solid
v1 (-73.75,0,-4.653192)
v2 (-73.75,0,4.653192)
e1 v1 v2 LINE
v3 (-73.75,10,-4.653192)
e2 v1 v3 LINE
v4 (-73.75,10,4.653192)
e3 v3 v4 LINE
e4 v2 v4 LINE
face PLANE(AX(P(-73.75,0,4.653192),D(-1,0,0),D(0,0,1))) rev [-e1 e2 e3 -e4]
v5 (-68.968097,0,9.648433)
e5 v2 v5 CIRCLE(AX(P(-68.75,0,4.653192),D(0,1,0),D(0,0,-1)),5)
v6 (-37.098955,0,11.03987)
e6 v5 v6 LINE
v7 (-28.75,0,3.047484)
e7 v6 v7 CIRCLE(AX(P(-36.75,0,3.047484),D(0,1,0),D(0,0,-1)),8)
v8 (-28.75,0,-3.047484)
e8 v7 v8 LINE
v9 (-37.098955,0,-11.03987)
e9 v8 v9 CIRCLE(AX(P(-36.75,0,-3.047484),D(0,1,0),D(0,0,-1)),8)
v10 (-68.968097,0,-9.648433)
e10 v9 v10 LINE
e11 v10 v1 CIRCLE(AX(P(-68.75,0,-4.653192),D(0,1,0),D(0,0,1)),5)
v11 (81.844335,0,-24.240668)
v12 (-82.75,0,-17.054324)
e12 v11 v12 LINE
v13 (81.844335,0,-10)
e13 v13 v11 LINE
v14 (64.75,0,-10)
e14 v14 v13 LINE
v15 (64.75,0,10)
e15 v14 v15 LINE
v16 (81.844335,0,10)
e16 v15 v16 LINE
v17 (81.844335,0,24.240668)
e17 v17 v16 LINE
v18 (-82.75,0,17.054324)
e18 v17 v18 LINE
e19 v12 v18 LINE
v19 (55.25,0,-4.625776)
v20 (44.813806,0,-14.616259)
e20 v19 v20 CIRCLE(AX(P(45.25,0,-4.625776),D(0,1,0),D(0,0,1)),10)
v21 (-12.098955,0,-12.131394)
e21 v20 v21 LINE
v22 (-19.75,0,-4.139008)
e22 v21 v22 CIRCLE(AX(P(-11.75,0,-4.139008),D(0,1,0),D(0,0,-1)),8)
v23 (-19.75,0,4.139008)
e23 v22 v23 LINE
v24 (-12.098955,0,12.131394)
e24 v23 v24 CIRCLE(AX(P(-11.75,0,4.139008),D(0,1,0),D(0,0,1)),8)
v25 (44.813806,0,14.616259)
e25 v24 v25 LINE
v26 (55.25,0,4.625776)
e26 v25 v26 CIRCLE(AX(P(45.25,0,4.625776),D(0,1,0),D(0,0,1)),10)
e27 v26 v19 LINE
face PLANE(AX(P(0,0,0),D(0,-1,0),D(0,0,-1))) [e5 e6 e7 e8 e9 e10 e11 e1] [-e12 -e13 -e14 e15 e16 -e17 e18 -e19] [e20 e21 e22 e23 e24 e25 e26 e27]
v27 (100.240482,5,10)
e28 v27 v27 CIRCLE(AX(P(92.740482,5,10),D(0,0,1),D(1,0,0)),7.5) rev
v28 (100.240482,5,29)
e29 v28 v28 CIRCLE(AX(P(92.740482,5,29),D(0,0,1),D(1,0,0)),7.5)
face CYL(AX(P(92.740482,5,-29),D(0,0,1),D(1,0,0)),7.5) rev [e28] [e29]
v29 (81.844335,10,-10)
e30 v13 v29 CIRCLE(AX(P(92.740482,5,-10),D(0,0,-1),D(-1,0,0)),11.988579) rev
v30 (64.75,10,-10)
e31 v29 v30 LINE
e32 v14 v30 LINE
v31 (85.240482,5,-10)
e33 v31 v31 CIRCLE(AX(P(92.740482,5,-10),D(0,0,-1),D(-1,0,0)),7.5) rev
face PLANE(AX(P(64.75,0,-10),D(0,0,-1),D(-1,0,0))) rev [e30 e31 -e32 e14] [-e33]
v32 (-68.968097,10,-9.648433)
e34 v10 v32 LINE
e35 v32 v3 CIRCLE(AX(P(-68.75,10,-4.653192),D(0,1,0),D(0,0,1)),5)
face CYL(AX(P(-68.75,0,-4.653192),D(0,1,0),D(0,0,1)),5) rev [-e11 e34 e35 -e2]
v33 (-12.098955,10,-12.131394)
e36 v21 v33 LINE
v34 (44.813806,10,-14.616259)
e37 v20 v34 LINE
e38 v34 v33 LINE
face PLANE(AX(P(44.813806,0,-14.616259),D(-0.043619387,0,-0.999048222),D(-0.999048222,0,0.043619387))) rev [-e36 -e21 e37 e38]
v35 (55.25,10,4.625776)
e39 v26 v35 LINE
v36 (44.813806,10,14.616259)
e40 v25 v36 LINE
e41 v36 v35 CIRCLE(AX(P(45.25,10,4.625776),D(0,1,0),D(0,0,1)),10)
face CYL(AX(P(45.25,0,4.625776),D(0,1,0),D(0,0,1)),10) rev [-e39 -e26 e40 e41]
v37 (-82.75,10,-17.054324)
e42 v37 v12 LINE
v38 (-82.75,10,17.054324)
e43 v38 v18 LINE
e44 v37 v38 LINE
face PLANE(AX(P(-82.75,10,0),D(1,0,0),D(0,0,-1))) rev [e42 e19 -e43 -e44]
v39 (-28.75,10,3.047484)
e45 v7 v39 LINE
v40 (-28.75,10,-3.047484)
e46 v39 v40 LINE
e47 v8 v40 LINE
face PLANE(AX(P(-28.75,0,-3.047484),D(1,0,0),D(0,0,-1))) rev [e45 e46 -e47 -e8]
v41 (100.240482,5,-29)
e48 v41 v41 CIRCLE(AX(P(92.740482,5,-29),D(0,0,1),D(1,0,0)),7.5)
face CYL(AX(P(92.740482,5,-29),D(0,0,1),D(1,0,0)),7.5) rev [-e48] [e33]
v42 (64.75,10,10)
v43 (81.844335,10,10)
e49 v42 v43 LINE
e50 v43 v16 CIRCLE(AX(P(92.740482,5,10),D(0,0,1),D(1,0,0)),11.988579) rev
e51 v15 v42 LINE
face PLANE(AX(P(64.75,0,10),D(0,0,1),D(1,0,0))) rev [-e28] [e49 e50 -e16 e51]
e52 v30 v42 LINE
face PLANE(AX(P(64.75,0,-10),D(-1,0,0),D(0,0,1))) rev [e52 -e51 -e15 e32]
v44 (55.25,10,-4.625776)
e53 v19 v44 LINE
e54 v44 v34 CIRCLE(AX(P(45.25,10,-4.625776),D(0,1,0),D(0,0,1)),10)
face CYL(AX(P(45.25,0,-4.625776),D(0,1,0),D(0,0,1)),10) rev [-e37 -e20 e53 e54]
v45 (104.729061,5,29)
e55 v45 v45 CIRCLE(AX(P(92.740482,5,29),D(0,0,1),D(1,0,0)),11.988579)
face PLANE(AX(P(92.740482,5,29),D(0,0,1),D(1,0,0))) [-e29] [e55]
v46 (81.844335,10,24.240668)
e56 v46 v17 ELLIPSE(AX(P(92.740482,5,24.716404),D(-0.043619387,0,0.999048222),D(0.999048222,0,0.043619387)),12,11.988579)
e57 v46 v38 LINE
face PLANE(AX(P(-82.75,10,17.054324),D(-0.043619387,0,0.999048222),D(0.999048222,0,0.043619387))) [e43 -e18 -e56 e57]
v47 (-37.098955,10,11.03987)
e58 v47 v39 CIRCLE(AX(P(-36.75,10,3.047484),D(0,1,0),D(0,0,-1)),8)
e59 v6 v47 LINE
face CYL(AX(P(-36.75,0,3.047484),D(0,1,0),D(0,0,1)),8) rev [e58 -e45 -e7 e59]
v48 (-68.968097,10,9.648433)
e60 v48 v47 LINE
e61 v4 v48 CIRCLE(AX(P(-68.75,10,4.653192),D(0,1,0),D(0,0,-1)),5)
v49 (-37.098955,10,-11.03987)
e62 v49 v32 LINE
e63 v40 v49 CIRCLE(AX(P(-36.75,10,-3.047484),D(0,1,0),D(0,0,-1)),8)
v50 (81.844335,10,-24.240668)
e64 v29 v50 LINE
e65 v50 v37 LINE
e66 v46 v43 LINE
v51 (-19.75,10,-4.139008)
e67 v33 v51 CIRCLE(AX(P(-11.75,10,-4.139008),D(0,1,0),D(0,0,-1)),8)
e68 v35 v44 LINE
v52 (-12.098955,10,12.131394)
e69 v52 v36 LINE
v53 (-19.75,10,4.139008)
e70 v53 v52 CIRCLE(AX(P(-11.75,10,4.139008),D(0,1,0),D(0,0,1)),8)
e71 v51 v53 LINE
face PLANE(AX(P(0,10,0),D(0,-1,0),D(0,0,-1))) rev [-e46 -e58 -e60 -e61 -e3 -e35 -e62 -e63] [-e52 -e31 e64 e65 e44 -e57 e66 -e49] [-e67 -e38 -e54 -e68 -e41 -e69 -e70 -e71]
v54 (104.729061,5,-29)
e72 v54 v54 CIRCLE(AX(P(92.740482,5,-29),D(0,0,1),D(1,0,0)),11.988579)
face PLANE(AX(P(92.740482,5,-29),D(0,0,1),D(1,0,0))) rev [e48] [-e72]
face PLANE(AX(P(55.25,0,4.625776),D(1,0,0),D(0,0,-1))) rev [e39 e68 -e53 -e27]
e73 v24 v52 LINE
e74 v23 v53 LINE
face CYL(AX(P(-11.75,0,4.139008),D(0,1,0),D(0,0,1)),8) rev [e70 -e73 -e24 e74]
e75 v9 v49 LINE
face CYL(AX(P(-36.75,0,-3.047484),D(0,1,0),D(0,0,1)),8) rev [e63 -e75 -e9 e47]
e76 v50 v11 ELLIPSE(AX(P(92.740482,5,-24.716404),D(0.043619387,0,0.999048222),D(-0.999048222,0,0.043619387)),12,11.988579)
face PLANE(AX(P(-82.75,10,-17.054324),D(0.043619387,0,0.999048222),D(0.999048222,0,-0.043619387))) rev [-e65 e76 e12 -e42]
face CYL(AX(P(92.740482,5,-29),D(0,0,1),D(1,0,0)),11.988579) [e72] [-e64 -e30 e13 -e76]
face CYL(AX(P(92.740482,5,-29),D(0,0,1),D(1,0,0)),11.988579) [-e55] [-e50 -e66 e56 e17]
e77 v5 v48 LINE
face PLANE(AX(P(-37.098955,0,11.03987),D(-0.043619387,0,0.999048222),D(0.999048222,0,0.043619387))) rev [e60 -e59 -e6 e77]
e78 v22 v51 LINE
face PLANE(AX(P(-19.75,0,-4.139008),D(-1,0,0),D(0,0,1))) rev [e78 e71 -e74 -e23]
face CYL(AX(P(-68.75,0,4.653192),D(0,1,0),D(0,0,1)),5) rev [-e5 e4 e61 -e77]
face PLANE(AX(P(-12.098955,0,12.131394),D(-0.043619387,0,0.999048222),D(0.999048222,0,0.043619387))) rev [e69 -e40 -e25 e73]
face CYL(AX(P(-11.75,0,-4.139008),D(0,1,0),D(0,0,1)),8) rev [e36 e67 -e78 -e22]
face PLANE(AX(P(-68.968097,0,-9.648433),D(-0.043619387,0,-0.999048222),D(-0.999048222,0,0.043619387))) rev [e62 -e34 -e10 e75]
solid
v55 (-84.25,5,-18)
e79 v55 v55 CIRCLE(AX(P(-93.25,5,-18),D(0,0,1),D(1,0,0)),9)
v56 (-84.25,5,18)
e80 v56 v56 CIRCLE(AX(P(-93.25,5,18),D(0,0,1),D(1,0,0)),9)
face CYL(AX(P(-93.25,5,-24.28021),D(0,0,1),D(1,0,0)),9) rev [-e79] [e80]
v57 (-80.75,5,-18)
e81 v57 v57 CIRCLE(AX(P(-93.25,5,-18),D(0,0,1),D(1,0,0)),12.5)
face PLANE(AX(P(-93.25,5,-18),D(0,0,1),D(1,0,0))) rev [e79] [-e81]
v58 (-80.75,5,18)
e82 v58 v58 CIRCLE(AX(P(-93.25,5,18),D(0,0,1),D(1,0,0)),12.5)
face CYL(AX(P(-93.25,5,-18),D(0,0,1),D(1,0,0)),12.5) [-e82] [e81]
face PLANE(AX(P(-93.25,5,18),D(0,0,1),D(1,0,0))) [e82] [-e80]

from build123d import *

# Parameters (mm, degrees)
BOSS_EXTRUDE1_DEPTH      = 10
SKETCH2_W                = 45.039354618
SKETCH2_H                = 20
CUT_EXTRUDE1_DEPTH       = 11
SKETCH3_R                = 12.5
BOSS_EXTRUDE2_DEPTH      = 18
BOSS_EXTRUDE2_DEPTH_BACK = 18
SKETCH4_R                = 9
CUT_EXTRUDE2_DEPTH       = 43.280210121
SKETCH7_R                = 11.988578659
BOSS_EXTRUDE4_DEPTH      = 29
BOSS_EXTRUDE4_DEPTH_BACK = 29
SKETCH8_R                = 7.5
CUT_EXTRUDE3_DEPTH       = 59
SKETCH2_2_W              = 45.039354618
SKETCH2_2_H              = 20
CUT_EXTRUDE4_DEPTH       = 18.5
SKETCH2_3_W              = 45.039354618
SKETCH2_3_H              = 20
CUT_EXTRUDE5_DEPTH       = 8.5
CUT_EXTRUDE5_DEPTH_BACK  = 18.5


with BuildPart() as part:
    # Sketch1 → Boss-Extrude1 (new body)
    with BuildSketch(Plane(origin=(0, 0, 0), x_dir=(1, 0, 0), z_dir=(0, 1, 0))):
        Polygon((-82.75, 0), (-82.75, 17.05432407), (82.75, 24.280210121), (82.75, 0), align=None)
    boss_extrude1 = extrude(amount=BOSS_EXTRUDE1_DEPTH)

    # Mirror1: Boss-Extrude1 across plane
    add(boss_extrude1.mirror(Plane.XY))

    # Sketch2 → Cut-Extrude1 (cut, through all)
    with BuildSketch(Plane(origin=(0, 10, 0), x_dir=(1, 0, 0), z_dir=(0, 1, 0))):
        with BuildLine():
            Line((-68.968096937, 9.648433472), (-37.098955099, 11.039870254))
            ThreePointArc((-37.098955099, 11.039870254), (-31.217895554, 8.826396178), (-28.75, 3.047484481))
            Line((-28.75, 3.047484481), (-28.75, -3.047484481))
            ThreePointArc((-28.75, -3.047484481), (-31.217895554, -8.826396178), (-37.098955099, -11.039870254))
            Line((-37.098955099, -11.039870254), (-68.968096937, -9.648433472))
            ThreePointArc((-68.968096937, -9.648433472), (-72.36181981, -8.110757643), (-73.75, -4.653192364))
            Line((-73.75, -4.653192364), (-73.75, 4.653192364))
            ThreePointArc((-73.75, 4.653192364), (-72.36181981, 8.110757643), (-68.968096937, 9.648433472))
        make_face()
        with BuildLine():
            Line((-19.75, 4.139008054), (-19.75, -4.139008054))
            ThreePointArc((-19.75, -4.139008054), (-17.528911696, -9.6711125), (-12.098955099, -12.131393827))
            Line((-12.098955099, -12.131393827), (44.813806126, -14.616258645))
            ThreePointArc((44.813806126, -14.616258645), (52.165130558, -11.84941605), (55.25, -4.625776429))
            Line((55.25, -4.625776429), (55.25, 4.625776429))
            ThreePointArc((55.25, 4.625776429), (52.165130558, 11.84941605), (44.813806126, 14.616258645))
            Line((44.813806126, 14.616258645), (-12.098955099, 12.131393827))
            ThreePointArc((-12.098955099, 12.131393827), (-17.528911696, 9.6711125), (-19.75, 4.139008054))
        make_face()
        with Locations((87.269677309, 0)):
            Rectangle(SKETCH2_W, SKETCH2_H)
    extrude(amount=-CUT_EXTRUDE1_DEPTH, mode=Mode.SUBTRACT)

    # Sketch7 → Boss-Extrude4 (add, two sides)
    with BuildSketch(Plane.XY) as boss_extrude4_sk:
        with Locations((92.740482216, 5)):
            Circle(SKETCH7_R)
    extrude(amount=BOSS_EXTRUDE4_DEPTH)
    extrude(boss_extrude4_sk.sketch, amount=-BOSS_EXTRUDE4_DEPTH_BACK)

    # Sketch8 → Cut-Extrude3 (cut, through all)
    with BuildSketch(Plane.XY.offset(29)):
        with Locations((92.740482216, 5)):
            Circle(SKETCH8_R)
    extrude(amount=-CUT_EXTRUDE3_DEPTH, mode=Mode.SUBTRACT)

    # Sketch2<2> → Cut-Extrude4 (cut, through all)
    with BuildSketch(Plane(origin=(0, 10, 0), x_dir=(1, 0, 0), z_dir=(0, 1, 0))):
        with BuildLine():
            Line((-68.968096937, 9.648433472), (-37.098955099, 11.039870254))
            ThreePointArc((-37.098955099, 11.039870254), (-31.217895554, 8.826396178), (-28.75, 3.047484481))
            Line((-28.75, 3.047484481), (-28.75, -3.047484481))
            ThreePointArc((-28.75, -3.047484481), (-31.217895554, -8.826396178), (-37.098955099, -11.039870254))
            Line((-37.098955099, -11.039870254), (-68.968096937, -9.648433472))
            ThreePointArc((-68.968096937, -9.648433472), (-72.36181981, -8.110757643), (-73.75, -4.653192364))
            Line((-73.75, -4.653192364), (-73.75, 4.653192364))
            ThreePointArc((-73.75, 4.653192364), (-72.36181981, 8.110757643), (-68.968096937, 9.648433472))
        make_face()
        with BuildLine():
            Line((-19.75, 4.139008054), (-19.75, -4.139008054))
            ThreePointArc((-19.75, -4.139008054), (-17.528911696, -9.6711125), (-12.098955099, -12.131393827))
            Line((-12.098955099, -12.131393827), (44.813806126, -14.616258645))
            ThreePointArc((44.813806126, -14.616258645), (52.165130558, -11.84941605), (55.25, -4.625776429))
            Line((55.25, -4.625776429), (55.25, 4.625776429))
            ThreePointArc((55.25, 4.625776429), (52.165130558, 11.84941605), (44.813806126, 14.616258645))
            Line((44.813806126, 14.616258645), (-12.098955099, 12.131393827))
            ThreePointArc((-12.098955099, 12.131393827), (-17.528911696, 9.6711125), (-19.75, 4.139008054))
        make_face()
        with Locations((87.269677309, 0)):
            Rectangle(SKETCH2_2_W, SKETCH2_2_H)
    extrude(amount=-CUT_EXTRUDE4_DEPTH, mode=Mode.SUBTRACT)

    # Sketch2<3> → Cut-Extrude5 (cut, two sides)
    with BuildSketch(Plane(origin=(0, 10, 0), x_dir=(1, 0, 0), z_dir=(0, 1, 0))) as cut_extrude5_sk:
        with BuildLine():
            Line((-68.968096937, 9.648433472), (-37.098955099, 11.039870254))
            ThreePointArc((-37.098955099, 11.039870254), (-31.217895554, 8.826396178), (-28.75, 3.047484481))
            Line((-28.75, 3.047484481), (-28.75, -3.047484481))
            ThreePointArc((-28.75, -3.047484481), (-31.217895554, -8.826396178), (-37.098955099, -11.039870254))
            Line((-37.098955099, -11.039870254), (-68.968096937, -9.648433472))
            ThreePointArc((-68.968096937, -9.648433472), (-72.36181981, -8.110757643), (-73.75, -4.653192364))
            Line((-73.75, -4.653192364), (-73.75, 4.653192364))
            ThreePointArc((-73.75, 4.653192364), (-72.36181981, 8.110757643), (-68.968096937, 9.648433472))
        make_face()
        with BuildLine():
            Line((-19.75, 4.139008054), (-19.75, -4.139008054))
            ThreePointArc((-19.75, -4.139008054), (-17.528911696, -9.6711125), (-12.098955099, -12.131393827))
            Line((-12.098955099, -12.131393827), (44.813806126, -14.616258645))
            ThreePointArc((44.813806126, -14.616258645), (52.165130558, -11.84941605), (55.25, -4.625776429))
            Line((55.25, -4.625776429), (55.25, 4.625776429))
            ThreePointArc((55.25, 4.625776429), (52.165130558, 11.84941605), (44.813806126, 14.616258645))
            Line((44.813806126, 14.616258645), (-12.098955099, 12.131393827))
            ThreePointArc((-12.098955099, 12.131393827), (-17.528911696, 9.6711125), (-19.75, 4.139008054))
        make_face()
        with Locations((87.269677309, 0)):
            Rectangle(SKETCH2_3_W, SKETCH2_3_H)
    extrude(amount=CUT_EXTRUDE5_DEPTH, mode=Mode.SUBTRACT)
    extrude(cut_extrude5_sk.sketch, amount=-CUT_EXTRUDE5_DEPTH_BACK, mode=Mode.SUBTRACT)


with BuildPart() as body_2:
    # Sketch3 → Boss-Extrude2 (new body, two sides)
    with BuildSketch(Plane.XY) as boss_extrude2_sk:
        with Locations((-93.25, 5)):
            Circle(SKETCH3_R)
    extrude(amount=BOSS_EXTRUDE2_DEPTH)
    extrude(boss_extrude2_sk.sketch, amount=-BOSS_EXTRUDE2_DEPTH_BACK)

    # Sketch4 → Cut-Extrude2 (cut, through all)
    with BuildSketch(Plane.XY.offset(18)):
        with Locations((-93.25, 5)):
            Circle(SKETCH4_R)
    extrude(amount=-CUT_EXTRUDE2_DEPTH, mode=Mode.SUBTRACT)


solid = Compound([part.part, body_2.part])
